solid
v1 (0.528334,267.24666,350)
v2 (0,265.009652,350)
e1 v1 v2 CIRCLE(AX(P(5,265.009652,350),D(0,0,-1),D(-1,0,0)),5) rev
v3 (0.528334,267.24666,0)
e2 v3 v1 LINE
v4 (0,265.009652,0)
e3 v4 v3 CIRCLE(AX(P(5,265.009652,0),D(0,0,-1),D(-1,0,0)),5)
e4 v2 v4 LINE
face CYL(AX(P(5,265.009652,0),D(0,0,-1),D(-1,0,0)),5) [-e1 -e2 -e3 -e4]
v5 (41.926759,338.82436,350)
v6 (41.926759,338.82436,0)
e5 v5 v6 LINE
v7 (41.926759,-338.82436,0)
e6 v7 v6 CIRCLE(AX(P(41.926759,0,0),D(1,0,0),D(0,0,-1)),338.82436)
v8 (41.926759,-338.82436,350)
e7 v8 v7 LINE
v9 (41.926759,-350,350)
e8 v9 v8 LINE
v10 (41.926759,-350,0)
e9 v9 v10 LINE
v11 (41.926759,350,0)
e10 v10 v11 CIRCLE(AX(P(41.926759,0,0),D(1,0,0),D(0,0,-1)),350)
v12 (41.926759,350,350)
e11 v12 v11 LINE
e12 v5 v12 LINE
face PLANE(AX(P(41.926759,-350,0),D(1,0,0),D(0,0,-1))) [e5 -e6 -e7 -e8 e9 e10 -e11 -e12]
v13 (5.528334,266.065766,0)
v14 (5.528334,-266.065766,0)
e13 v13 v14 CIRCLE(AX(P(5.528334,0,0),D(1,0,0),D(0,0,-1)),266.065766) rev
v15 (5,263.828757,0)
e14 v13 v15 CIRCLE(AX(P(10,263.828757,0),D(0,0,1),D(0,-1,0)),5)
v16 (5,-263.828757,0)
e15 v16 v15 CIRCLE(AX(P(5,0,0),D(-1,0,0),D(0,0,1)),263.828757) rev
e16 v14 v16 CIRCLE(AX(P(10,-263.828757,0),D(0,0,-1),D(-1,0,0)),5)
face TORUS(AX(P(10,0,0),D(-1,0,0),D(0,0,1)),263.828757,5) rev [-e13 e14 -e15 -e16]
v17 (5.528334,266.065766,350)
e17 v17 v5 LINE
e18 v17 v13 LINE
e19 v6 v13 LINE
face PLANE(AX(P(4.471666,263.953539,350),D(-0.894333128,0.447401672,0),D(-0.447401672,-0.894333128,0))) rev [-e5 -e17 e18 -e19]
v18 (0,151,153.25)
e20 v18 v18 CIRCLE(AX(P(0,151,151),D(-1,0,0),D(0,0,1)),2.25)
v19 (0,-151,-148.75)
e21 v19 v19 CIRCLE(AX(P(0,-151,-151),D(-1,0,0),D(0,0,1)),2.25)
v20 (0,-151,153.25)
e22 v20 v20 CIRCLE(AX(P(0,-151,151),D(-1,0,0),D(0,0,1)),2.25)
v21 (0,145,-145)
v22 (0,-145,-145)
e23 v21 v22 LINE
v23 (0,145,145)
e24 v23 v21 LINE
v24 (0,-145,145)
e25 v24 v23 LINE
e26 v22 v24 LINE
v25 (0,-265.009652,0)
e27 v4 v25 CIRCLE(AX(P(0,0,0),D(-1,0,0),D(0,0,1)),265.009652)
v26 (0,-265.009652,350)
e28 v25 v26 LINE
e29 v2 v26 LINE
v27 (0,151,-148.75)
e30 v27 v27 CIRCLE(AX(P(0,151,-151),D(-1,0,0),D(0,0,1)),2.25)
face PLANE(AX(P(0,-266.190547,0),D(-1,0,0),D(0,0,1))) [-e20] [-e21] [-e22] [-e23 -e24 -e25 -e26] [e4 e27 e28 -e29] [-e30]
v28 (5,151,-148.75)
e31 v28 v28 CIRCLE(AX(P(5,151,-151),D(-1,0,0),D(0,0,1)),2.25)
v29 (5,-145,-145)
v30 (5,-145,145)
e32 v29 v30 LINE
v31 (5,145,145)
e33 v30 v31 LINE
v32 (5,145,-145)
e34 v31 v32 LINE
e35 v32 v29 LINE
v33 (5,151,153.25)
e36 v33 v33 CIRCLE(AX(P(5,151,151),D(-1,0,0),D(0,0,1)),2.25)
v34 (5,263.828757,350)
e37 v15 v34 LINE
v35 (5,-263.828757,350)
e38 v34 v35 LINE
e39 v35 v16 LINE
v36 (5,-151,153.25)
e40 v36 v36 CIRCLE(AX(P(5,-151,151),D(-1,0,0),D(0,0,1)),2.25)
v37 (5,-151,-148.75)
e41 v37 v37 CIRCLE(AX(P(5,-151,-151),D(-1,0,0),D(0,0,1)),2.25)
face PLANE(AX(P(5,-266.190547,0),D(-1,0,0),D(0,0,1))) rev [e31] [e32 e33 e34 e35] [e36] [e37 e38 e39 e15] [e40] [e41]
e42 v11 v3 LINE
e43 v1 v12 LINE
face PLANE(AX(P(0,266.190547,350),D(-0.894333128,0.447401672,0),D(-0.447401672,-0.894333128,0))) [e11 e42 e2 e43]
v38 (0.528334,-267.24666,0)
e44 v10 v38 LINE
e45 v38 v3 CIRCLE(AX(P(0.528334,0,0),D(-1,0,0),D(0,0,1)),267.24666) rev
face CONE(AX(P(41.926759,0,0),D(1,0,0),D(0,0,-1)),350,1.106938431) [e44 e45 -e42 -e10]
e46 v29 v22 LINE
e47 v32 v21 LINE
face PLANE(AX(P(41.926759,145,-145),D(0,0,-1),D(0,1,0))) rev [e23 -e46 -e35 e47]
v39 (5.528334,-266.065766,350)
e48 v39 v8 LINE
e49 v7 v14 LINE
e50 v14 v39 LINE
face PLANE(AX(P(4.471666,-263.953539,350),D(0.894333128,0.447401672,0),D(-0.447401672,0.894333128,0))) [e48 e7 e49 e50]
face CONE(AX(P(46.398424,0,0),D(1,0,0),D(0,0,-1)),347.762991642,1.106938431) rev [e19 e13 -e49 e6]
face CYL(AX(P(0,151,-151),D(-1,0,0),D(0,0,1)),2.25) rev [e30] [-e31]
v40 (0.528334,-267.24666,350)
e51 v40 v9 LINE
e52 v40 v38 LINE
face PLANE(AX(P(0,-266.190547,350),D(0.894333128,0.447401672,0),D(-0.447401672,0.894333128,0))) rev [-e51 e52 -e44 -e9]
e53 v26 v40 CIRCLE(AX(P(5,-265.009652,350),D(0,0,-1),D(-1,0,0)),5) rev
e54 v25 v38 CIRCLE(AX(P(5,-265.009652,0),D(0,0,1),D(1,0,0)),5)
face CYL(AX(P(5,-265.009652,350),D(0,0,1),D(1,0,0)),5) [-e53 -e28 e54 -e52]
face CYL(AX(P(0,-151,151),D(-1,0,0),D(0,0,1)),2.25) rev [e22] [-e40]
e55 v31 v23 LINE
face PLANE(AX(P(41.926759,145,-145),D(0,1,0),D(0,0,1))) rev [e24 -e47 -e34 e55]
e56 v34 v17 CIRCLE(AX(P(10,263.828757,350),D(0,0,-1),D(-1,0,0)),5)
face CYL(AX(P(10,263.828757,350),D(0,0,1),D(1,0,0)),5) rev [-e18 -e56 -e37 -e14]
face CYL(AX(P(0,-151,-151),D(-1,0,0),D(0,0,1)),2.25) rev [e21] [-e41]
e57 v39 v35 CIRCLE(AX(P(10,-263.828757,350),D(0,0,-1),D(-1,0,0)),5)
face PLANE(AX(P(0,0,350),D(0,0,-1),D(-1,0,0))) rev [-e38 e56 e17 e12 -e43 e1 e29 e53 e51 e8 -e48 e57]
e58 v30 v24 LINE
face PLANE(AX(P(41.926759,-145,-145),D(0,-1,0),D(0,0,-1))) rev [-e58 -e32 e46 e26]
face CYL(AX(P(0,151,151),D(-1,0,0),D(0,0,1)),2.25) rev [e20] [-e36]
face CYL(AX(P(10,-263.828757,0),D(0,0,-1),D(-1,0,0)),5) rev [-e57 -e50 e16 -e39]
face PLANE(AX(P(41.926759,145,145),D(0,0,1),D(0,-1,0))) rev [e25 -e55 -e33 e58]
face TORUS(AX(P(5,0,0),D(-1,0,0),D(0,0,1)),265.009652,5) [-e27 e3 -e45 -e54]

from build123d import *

# Parameters (mm, degrees)
REVOLVE1_ANGLE           = 180
BOSS_EXTRUDE1_DEPTH      = 350
SHELL2_T                 = -5
SKETCH4_W                = 290
SKETCH4_H                = 290
CUT_EXTRUDE1_DEPTH       = 497.747272869
M4_CLEARANCE_HOLE1_D     = 4.5
M4_CLEARANCE_HOLE1_DEPTH = 30
M4_CLEARANCE_HOLE1_TIP   = 1.351936393
FILLET1_R                = 5


with BuildPart() as part:
    # Esquisse2 → Revolve1 (revolve)
    with BuildSketch(Plane.XY):
        Polygon((41.926758797, 350), (41.926758797, 0), (0, 0), (0, 266.190547052), align=None)
    revolve(axis=Axis((41.926758797, 0, 0), (-1, 0, 0)), revolution_arc=REVOLVE1_ANGLE)

    # Sketch5 → Boss-Extrude1 (add)
    with BuildSketch(Plane.XY):
        Polygon((0, 266.190547052), (41.926758797, 350), (41.926758797, -350), (0, -266.190547052), align=None)
    extrude(amount=BOSS_EXTRUDE1_DEPTH)

    # Shell2
    shell2_openings = [part.faces().sort_by_distance(p)[0] for p in [
        (21.913804754, 0, 350),
        (41.926758797, 0, 32.672450622),
    ]]
    offset(amount=SHELL2_T, openings=shell2_openings, kind=Kind.INTERSECTION)

    # Sketch4 → Cut-Extrude1 (cut, through all)
    with BuildSketch(Plane.ZY):
        Rectangle(SKETCH4_W, SKETCH4_H)
    extrude(amount=-CUT_EXTRUDE1_DEPTH, mode=Mode.SUBTRACT)

    # M4 Clearance Hole1
    with Locations(Plane.ZY):
        with Locations((151, 151), (151, -151), (-151, -151), (-151, 151)):
            Hole(M4_CLEARANCE_HOLE1_D / 2, depth=M4_CLEARANCE_HOLE1_DEPTH)
            with Locations((0, 0, -(M4_CLEARANCE_HOLE1_DEPTH + M4_CLEARANCE_HOLE1_TIP / 2))):  # 118° drill point
                Cone(0, M4_CLEARANCE_HOLE1_D / 2, M4_CLEARANCE_HOLE1_TIP, mode=Mode.SUBTRACT)

    # Fillet1
    fillet1_edges = [part.edges().sort_by_distance(p)[0] for p in [
        (0, 266.190547052, 175),
        (0, -266.190547052, 175),
        (5, 0, -265.009652137),
        (5, 265.009652137, 175),
        (5, -265.009652137, 175),
        (0, 0, -266.190547052),
    ]]
    fillet(fillet1_edges, radius=FILLET1_R)


solid = part.part
